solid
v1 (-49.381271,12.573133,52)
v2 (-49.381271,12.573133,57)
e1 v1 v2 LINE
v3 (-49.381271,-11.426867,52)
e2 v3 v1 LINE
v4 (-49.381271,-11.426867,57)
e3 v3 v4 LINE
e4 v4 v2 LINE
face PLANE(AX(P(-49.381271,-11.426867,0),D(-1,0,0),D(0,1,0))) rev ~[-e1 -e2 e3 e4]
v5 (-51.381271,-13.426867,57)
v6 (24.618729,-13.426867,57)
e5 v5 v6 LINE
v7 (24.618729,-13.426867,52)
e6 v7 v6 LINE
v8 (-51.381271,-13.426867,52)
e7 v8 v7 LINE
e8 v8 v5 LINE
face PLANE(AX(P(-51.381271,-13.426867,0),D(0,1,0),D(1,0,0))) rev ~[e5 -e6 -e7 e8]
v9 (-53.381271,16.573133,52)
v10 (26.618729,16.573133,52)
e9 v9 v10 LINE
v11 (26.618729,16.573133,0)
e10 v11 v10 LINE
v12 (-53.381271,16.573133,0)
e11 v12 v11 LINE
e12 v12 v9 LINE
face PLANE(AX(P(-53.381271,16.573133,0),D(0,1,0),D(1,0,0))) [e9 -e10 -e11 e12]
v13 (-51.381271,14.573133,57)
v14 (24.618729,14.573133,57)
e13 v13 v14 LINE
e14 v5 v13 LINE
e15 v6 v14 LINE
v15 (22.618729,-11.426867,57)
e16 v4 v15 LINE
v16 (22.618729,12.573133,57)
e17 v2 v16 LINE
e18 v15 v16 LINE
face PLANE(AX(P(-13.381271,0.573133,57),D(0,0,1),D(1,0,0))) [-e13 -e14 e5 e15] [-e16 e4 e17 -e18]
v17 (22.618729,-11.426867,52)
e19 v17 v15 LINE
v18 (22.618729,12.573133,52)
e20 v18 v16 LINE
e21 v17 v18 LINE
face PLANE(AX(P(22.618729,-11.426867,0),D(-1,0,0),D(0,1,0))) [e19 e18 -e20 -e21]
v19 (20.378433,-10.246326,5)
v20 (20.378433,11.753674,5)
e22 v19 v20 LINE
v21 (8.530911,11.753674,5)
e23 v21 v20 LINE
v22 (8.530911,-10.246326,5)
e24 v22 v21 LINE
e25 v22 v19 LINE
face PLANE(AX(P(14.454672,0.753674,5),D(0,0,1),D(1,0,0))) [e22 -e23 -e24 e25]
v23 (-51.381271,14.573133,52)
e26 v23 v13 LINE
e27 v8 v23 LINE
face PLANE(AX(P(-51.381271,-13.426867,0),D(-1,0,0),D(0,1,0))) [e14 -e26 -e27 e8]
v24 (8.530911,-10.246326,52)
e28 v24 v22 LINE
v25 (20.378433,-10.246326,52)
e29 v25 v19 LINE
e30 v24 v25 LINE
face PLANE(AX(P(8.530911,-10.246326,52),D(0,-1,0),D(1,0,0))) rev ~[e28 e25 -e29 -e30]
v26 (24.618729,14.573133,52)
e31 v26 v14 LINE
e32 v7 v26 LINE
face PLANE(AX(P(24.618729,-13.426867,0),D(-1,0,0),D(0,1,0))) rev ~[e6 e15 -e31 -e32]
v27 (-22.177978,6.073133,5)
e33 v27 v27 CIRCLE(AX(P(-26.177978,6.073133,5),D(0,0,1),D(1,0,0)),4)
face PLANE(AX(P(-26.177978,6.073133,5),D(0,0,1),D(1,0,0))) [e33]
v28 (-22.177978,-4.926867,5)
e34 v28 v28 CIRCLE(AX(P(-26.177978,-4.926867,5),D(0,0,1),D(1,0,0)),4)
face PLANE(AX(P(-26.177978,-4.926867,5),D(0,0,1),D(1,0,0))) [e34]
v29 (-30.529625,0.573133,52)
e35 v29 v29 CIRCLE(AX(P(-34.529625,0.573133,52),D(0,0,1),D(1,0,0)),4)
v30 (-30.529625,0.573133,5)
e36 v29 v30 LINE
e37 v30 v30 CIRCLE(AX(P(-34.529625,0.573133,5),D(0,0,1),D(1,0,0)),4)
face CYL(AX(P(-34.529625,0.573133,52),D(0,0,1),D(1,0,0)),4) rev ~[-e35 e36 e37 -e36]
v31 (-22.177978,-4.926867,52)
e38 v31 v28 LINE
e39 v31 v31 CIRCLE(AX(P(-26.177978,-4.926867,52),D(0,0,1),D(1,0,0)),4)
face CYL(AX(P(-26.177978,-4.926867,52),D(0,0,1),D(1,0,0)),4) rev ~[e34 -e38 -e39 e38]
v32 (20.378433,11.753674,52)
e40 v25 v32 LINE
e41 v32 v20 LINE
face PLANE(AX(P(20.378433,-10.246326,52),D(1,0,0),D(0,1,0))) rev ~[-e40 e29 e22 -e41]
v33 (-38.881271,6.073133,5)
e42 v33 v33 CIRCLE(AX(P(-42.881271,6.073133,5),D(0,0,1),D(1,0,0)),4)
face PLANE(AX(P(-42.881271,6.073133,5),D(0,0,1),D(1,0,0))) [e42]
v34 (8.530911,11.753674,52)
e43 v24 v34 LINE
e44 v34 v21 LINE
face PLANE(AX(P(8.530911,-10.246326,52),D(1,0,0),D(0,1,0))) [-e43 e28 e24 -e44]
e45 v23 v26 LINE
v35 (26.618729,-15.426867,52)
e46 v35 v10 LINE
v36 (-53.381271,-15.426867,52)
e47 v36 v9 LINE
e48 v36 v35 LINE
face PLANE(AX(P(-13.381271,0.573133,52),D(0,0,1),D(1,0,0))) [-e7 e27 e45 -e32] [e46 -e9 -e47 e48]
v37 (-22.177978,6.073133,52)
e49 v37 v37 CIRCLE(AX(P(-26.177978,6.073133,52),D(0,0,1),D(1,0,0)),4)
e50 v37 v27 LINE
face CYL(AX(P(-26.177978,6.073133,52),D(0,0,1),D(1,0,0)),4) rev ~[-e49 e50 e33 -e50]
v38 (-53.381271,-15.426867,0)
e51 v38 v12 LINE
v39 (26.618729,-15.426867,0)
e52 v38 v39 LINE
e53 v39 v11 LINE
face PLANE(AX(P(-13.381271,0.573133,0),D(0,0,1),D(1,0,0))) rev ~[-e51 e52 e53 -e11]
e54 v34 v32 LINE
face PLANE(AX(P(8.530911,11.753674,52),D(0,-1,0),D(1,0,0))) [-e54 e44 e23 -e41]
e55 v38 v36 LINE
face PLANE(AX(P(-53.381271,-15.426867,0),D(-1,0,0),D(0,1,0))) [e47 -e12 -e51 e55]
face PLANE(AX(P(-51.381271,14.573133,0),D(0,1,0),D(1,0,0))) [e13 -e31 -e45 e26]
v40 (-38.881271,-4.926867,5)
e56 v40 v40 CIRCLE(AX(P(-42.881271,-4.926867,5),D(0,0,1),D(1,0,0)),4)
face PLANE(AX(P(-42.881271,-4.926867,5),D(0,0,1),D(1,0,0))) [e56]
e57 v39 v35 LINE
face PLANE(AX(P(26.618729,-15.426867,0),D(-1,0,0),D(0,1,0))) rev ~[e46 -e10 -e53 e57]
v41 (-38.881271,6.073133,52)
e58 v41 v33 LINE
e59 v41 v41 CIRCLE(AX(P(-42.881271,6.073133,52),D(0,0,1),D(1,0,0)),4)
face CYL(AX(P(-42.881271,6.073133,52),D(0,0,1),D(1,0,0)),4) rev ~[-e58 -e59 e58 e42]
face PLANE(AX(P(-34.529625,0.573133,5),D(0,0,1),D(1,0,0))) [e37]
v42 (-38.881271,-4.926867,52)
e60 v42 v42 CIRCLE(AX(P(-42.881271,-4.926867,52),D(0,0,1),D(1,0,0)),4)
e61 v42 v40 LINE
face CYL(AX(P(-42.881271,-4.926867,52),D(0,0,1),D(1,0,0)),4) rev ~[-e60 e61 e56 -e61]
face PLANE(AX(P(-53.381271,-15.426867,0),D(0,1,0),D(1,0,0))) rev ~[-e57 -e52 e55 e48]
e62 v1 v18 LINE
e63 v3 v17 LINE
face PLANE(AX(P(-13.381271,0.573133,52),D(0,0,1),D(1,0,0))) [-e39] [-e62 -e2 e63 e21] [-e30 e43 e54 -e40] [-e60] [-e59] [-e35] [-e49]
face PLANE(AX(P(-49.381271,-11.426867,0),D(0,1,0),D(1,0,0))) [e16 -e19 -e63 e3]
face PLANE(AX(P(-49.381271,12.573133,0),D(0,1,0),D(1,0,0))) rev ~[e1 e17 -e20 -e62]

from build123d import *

# Parameters (mm, degrees)
F0_W     = 80
F0_H     = 32
F0_W_2   = 76
F0_H_2   = 28
F1_DEPTH = 52
F0_W_3   = 72
F0_H_3   = 24
F2_DEPTH = 57
F3_DEPTH = 52
F4_R     = 4
F4_W     = 11.847522
F4_H     = 22
F5_DEPTH = 47


with BuildPart() as f1:
    # F0 (on Top) → F1 (new body)
    with BuildSketch(Plane.XY):
        with Locations((-13.381271, 0.573133)):
            Rectangle(F0_W, F0_H)
        with Locations((-13.381271, 0.573133)):
            Rectangle(F0_W_2, F0_H_2, mode=Mode.SUBTRACT)
    extrude(amount=F1_DEPTH)

    # F0 (on Top) → F2 (join)
    with BuildSketch(Plane.XY):
        with Locations((-13.381271, 0.573133)):
            Rectangle(F0_W_2, F0_H_2)
        with Locations((-13.381271, 0.573133)):
            Rectangle(F0_W_3, F0_H_3, mode=Mode.SUBTRACT)
    extrude(amount=F2_DEPTH)

    # F0 (on Top) → F3 (join)
    with BuildSketch(Plane.XY):
        with Locations((-13.381271, 0.573133)):
            Rectangle(F0_W_3, F0_H_3)
    extrude(amount=F3_DEPTH)

    # F4 (on face) → F5 (cut)
    with BuildSketch(Plane.XY.offset(52)):
        with Locations((-42.881271, -4.926867)):
            Circle(F4_R)
        with Locations((-34.529625, 0.573133)):
            Circle(F4_R)
        with Locations((-26.177978, -4.926867)):
            Circle(F4_R)
        with Locations((-26.177978, 6.073133)):
            Circle(F4_R)
        with Locations((-42.881271, 6.073133)):
            Circle(F4_R)
        with Locations((14.454672, 0.753674)):
            Rectangle(F4_W, F4_H)
    extrude(amount=-F5_DEPTH, mode=Mode.SUBTRACT)


solid = f1.part
